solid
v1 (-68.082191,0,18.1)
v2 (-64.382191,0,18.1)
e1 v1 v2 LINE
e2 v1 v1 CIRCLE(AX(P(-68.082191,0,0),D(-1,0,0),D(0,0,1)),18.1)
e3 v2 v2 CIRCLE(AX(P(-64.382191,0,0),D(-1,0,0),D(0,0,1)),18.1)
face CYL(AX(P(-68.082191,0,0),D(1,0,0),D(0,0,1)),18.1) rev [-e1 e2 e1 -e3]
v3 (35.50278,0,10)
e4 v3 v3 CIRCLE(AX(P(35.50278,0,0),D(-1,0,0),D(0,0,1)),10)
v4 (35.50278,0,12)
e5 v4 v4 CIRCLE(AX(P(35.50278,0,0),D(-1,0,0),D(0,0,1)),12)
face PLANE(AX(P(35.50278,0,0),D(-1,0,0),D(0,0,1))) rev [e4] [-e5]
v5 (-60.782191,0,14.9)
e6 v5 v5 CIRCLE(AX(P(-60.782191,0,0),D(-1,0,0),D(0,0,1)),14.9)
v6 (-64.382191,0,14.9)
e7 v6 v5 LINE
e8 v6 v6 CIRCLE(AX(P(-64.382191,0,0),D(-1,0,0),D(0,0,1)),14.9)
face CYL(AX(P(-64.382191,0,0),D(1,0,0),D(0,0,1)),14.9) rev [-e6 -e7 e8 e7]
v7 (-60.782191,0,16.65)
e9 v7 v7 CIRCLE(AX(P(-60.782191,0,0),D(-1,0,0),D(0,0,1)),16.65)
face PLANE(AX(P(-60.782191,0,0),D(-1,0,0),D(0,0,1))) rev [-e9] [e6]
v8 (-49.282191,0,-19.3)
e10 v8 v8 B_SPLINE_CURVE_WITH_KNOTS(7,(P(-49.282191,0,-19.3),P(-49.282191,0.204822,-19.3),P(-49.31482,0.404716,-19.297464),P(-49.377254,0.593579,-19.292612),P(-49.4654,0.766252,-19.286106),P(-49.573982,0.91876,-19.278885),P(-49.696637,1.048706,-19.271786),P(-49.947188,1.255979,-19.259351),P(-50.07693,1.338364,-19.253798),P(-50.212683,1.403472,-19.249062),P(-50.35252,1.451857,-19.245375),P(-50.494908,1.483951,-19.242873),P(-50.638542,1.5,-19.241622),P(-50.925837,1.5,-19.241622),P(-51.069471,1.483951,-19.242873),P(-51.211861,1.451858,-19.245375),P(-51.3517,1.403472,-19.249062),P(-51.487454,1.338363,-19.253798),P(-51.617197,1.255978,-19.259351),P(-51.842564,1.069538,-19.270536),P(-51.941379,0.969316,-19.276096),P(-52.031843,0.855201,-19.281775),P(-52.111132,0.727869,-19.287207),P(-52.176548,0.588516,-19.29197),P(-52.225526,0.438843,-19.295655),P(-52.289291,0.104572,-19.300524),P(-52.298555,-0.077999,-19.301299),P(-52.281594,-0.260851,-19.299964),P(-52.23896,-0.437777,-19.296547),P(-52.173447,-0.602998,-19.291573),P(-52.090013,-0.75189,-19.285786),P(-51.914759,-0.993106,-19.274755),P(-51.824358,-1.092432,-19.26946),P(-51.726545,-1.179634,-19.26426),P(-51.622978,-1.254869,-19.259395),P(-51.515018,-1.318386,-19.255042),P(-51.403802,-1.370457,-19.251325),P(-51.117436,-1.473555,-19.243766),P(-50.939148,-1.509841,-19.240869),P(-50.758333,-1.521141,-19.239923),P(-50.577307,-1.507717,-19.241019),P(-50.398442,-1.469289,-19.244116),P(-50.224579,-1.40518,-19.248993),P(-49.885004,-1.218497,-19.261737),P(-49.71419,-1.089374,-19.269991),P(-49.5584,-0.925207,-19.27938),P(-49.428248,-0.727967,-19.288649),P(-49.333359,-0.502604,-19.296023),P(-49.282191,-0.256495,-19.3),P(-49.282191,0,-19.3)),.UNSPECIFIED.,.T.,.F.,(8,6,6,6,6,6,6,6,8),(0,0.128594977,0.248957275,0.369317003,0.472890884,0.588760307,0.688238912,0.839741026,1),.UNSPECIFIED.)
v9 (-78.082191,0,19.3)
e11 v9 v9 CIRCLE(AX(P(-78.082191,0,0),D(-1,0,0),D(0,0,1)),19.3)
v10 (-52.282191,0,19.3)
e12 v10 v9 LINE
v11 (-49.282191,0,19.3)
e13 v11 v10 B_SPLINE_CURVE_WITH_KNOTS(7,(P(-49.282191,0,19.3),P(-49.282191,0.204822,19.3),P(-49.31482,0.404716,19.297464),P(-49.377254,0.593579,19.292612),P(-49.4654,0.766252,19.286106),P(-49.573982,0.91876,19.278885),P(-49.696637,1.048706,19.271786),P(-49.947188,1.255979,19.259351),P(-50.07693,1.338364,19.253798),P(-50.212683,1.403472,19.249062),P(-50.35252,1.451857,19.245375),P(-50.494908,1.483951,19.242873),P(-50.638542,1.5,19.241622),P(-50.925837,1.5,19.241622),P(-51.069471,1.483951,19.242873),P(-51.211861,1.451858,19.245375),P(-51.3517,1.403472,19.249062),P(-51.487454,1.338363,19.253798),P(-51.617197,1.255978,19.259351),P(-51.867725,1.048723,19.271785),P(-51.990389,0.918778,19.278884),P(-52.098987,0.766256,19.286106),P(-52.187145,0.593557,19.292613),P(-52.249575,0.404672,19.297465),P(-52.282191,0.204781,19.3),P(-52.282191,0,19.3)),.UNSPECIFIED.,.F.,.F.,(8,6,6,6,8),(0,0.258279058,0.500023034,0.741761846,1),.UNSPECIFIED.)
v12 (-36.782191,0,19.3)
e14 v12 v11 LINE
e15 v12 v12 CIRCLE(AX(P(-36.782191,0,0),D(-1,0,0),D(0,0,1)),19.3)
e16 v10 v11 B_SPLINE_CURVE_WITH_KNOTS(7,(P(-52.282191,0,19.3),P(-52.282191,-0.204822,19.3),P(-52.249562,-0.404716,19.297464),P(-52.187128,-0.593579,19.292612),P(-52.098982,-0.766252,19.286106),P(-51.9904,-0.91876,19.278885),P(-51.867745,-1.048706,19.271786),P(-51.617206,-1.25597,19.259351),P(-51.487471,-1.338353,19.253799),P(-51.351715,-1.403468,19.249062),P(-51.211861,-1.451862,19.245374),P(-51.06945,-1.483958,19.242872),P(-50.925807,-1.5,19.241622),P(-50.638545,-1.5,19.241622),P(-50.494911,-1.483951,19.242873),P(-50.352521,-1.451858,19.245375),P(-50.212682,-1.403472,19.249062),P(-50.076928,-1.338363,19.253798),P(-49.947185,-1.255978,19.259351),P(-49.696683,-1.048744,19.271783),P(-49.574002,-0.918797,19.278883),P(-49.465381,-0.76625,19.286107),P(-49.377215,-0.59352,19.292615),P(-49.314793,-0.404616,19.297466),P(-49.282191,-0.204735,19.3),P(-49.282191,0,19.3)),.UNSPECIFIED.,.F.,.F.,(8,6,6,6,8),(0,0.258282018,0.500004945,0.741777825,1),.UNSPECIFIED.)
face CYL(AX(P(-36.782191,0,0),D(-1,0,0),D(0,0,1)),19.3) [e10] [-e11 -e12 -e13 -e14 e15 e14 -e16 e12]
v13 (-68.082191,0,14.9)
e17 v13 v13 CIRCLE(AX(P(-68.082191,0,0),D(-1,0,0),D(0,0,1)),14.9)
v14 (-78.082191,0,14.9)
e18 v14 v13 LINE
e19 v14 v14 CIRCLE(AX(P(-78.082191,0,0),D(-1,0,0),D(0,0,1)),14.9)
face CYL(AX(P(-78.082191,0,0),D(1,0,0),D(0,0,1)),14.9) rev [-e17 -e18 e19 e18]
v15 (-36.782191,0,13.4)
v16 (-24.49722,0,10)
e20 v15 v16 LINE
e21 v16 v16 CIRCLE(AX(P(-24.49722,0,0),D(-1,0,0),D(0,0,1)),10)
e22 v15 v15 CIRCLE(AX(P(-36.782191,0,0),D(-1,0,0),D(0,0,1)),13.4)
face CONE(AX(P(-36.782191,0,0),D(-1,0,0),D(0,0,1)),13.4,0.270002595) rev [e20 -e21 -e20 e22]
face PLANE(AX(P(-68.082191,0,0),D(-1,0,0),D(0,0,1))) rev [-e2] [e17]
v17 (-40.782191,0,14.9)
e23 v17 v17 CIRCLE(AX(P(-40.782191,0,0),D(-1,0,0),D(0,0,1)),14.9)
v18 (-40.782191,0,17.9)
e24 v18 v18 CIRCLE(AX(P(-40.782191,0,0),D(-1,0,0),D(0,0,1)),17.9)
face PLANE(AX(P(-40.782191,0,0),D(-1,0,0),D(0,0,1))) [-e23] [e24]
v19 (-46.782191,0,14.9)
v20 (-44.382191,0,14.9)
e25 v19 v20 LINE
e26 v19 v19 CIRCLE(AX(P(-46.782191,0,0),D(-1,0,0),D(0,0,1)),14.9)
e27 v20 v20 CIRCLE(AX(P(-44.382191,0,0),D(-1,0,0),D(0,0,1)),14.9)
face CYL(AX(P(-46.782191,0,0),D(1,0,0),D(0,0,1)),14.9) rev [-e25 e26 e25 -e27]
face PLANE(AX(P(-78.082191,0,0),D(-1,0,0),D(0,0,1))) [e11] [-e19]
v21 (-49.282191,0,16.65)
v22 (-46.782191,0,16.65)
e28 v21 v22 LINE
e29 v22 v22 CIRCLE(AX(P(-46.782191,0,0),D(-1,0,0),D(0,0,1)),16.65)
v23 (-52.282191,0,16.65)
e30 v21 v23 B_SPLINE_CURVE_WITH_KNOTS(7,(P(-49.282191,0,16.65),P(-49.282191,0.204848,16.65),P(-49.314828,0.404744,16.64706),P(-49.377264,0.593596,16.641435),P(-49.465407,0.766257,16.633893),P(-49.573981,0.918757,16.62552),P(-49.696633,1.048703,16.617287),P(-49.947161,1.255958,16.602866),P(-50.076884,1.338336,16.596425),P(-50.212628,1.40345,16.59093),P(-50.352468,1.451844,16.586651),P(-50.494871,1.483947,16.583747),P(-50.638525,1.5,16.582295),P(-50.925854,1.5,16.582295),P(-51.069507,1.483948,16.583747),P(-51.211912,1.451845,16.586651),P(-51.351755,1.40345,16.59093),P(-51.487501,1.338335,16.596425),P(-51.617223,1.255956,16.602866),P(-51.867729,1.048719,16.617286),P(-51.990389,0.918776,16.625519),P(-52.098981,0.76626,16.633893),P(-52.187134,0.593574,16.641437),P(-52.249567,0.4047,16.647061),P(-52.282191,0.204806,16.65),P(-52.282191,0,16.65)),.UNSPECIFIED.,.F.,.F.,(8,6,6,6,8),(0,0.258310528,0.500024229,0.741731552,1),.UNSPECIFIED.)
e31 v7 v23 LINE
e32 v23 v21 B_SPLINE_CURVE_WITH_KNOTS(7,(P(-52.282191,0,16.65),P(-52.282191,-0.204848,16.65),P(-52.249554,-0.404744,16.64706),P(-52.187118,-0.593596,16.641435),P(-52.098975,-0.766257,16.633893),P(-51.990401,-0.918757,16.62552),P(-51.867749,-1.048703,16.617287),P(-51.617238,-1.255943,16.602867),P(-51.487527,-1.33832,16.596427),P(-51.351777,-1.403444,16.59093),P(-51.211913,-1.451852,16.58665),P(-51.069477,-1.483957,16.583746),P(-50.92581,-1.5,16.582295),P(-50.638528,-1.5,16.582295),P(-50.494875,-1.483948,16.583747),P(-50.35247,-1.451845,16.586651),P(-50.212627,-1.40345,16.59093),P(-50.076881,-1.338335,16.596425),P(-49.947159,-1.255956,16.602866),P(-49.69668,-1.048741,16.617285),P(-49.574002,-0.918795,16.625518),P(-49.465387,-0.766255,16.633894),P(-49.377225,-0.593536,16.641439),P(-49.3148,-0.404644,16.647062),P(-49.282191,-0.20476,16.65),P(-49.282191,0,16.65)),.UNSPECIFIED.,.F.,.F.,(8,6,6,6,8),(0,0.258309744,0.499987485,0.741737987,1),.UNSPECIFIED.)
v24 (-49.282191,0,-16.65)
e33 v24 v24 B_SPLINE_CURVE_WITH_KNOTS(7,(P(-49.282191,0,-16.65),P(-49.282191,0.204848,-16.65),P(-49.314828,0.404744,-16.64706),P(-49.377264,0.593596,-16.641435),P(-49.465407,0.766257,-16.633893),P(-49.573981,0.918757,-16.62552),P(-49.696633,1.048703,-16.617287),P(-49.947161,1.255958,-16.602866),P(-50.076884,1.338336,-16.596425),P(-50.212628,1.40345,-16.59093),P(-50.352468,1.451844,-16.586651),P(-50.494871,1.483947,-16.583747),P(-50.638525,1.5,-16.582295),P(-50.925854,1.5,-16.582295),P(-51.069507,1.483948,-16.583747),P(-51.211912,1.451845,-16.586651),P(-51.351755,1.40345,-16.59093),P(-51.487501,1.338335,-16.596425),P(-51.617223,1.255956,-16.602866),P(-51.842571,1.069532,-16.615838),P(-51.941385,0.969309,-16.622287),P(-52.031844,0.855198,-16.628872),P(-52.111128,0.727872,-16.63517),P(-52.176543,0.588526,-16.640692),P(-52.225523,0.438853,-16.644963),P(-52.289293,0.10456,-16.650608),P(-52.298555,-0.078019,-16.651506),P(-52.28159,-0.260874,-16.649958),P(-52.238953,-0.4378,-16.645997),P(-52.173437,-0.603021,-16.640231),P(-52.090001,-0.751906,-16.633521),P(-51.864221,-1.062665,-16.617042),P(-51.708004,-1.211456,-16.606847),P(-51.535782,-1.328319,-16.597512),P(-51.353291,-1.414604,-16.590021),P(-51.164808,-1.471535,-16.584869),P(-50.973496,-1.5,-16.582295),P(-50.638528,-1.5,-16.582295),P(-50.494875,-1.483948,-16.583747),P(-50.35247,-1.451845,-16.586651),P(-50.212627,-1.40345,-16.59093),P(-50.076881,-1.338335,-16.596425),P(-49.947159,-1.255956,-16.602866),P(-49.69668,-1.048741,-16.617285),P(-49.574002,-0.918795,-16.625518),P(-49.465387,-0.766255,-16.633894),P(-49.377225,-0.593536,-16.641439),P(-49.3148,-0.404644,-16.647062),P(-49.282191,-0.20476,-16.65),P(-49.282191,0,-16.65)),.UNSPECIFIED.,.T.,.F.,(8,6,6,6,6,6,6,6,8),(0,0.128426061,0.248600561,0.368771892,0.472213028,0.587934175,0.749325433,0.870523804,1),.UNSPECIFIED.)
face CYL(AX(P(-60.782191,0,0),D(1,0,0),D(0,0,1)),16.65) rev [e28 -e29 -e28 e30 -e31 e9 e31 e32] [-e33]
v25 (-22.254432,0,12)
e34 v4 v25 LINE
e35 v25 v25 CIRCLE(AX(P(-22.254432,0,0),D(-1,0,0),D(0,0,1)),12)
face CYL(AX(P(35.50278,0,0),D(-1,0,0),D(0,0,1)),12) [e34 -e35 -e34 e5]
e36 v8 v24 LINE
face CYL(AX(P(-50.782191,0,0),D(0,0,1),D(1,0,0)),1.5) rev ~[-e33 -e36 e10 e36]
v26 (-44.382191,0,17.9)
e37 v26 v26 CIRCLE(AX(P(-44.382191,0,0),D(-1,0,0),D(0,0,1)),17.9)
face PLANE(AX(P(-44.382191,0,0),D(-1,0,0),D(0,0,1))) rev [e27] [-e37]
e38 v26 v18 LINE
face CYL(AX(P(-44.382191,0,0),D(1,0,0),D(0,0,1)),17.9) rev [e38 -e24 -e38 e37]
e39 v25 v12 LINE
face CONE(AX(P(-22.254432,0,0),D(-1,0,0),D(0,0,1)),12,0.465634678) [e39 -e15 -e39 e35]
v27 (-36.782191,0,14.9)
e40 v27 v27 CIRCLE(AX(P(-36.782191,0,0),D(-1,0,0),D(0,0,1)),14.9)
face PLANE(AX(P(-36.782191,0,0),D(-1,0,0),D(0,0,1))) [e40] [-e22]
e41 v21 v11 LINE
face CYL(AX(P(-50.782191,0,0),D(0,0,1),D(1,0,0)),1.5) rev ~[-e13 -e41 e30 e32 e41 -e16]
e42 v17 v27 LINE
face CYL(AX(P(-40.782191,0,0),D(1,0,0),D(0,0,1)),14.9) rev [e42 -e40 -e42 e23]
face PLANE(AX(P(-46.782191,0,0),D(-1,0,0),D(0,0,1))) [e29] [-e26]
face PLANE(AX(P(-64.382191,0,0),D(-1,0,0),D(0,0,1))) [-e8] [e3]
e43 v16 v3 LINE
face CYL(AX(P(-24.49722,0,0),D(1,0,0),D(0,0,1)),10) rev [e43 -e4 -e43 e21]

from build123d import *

# Parameters (mm, degrees)
F2_R     = 1.5
F3_DEPTH = 25


with BuildPart() as f1:
    # F0 (on Front) → F1 (revolve)
    with BuildSketch(Plane.XZ):
        Polygon((-36.782191, 19.3), (-78.082191, 19.3), (-78.082191, 14.9), (-68.082191, 14.9), (-68.082191, 18.1), (-64.382191, 18.1), (-64.382191, 14.9), (-60.782191, 14.9), (-60.782191, 16.65), (-46.782191, 16.65), (-46.782191, 14.9), (-44.382191, 14.9), (-44.382191, 17.9), (-40.782191, 17.9), (-40.782191, 14.9), (-36.782191, 14.9), (-36.782191, 13.4), (-24.49722, 10), (35.50278, 10), (35.50278, 12), (-22.254432, 12), align=None)
    revolve(axis=Axis((-15.758168, 0, 0), (-1, 0, 0)))

    # F2 (on Top) → F3 (cut, symmetric)
    with BuildSketch(Plane.XY):
        with Locations((-50.782191, 0)):
            Circle(F2_R)
    extrude(amount=F3_DEPTH, both=True, mode=Mode.SUBTRACT)


solid = f1.part
